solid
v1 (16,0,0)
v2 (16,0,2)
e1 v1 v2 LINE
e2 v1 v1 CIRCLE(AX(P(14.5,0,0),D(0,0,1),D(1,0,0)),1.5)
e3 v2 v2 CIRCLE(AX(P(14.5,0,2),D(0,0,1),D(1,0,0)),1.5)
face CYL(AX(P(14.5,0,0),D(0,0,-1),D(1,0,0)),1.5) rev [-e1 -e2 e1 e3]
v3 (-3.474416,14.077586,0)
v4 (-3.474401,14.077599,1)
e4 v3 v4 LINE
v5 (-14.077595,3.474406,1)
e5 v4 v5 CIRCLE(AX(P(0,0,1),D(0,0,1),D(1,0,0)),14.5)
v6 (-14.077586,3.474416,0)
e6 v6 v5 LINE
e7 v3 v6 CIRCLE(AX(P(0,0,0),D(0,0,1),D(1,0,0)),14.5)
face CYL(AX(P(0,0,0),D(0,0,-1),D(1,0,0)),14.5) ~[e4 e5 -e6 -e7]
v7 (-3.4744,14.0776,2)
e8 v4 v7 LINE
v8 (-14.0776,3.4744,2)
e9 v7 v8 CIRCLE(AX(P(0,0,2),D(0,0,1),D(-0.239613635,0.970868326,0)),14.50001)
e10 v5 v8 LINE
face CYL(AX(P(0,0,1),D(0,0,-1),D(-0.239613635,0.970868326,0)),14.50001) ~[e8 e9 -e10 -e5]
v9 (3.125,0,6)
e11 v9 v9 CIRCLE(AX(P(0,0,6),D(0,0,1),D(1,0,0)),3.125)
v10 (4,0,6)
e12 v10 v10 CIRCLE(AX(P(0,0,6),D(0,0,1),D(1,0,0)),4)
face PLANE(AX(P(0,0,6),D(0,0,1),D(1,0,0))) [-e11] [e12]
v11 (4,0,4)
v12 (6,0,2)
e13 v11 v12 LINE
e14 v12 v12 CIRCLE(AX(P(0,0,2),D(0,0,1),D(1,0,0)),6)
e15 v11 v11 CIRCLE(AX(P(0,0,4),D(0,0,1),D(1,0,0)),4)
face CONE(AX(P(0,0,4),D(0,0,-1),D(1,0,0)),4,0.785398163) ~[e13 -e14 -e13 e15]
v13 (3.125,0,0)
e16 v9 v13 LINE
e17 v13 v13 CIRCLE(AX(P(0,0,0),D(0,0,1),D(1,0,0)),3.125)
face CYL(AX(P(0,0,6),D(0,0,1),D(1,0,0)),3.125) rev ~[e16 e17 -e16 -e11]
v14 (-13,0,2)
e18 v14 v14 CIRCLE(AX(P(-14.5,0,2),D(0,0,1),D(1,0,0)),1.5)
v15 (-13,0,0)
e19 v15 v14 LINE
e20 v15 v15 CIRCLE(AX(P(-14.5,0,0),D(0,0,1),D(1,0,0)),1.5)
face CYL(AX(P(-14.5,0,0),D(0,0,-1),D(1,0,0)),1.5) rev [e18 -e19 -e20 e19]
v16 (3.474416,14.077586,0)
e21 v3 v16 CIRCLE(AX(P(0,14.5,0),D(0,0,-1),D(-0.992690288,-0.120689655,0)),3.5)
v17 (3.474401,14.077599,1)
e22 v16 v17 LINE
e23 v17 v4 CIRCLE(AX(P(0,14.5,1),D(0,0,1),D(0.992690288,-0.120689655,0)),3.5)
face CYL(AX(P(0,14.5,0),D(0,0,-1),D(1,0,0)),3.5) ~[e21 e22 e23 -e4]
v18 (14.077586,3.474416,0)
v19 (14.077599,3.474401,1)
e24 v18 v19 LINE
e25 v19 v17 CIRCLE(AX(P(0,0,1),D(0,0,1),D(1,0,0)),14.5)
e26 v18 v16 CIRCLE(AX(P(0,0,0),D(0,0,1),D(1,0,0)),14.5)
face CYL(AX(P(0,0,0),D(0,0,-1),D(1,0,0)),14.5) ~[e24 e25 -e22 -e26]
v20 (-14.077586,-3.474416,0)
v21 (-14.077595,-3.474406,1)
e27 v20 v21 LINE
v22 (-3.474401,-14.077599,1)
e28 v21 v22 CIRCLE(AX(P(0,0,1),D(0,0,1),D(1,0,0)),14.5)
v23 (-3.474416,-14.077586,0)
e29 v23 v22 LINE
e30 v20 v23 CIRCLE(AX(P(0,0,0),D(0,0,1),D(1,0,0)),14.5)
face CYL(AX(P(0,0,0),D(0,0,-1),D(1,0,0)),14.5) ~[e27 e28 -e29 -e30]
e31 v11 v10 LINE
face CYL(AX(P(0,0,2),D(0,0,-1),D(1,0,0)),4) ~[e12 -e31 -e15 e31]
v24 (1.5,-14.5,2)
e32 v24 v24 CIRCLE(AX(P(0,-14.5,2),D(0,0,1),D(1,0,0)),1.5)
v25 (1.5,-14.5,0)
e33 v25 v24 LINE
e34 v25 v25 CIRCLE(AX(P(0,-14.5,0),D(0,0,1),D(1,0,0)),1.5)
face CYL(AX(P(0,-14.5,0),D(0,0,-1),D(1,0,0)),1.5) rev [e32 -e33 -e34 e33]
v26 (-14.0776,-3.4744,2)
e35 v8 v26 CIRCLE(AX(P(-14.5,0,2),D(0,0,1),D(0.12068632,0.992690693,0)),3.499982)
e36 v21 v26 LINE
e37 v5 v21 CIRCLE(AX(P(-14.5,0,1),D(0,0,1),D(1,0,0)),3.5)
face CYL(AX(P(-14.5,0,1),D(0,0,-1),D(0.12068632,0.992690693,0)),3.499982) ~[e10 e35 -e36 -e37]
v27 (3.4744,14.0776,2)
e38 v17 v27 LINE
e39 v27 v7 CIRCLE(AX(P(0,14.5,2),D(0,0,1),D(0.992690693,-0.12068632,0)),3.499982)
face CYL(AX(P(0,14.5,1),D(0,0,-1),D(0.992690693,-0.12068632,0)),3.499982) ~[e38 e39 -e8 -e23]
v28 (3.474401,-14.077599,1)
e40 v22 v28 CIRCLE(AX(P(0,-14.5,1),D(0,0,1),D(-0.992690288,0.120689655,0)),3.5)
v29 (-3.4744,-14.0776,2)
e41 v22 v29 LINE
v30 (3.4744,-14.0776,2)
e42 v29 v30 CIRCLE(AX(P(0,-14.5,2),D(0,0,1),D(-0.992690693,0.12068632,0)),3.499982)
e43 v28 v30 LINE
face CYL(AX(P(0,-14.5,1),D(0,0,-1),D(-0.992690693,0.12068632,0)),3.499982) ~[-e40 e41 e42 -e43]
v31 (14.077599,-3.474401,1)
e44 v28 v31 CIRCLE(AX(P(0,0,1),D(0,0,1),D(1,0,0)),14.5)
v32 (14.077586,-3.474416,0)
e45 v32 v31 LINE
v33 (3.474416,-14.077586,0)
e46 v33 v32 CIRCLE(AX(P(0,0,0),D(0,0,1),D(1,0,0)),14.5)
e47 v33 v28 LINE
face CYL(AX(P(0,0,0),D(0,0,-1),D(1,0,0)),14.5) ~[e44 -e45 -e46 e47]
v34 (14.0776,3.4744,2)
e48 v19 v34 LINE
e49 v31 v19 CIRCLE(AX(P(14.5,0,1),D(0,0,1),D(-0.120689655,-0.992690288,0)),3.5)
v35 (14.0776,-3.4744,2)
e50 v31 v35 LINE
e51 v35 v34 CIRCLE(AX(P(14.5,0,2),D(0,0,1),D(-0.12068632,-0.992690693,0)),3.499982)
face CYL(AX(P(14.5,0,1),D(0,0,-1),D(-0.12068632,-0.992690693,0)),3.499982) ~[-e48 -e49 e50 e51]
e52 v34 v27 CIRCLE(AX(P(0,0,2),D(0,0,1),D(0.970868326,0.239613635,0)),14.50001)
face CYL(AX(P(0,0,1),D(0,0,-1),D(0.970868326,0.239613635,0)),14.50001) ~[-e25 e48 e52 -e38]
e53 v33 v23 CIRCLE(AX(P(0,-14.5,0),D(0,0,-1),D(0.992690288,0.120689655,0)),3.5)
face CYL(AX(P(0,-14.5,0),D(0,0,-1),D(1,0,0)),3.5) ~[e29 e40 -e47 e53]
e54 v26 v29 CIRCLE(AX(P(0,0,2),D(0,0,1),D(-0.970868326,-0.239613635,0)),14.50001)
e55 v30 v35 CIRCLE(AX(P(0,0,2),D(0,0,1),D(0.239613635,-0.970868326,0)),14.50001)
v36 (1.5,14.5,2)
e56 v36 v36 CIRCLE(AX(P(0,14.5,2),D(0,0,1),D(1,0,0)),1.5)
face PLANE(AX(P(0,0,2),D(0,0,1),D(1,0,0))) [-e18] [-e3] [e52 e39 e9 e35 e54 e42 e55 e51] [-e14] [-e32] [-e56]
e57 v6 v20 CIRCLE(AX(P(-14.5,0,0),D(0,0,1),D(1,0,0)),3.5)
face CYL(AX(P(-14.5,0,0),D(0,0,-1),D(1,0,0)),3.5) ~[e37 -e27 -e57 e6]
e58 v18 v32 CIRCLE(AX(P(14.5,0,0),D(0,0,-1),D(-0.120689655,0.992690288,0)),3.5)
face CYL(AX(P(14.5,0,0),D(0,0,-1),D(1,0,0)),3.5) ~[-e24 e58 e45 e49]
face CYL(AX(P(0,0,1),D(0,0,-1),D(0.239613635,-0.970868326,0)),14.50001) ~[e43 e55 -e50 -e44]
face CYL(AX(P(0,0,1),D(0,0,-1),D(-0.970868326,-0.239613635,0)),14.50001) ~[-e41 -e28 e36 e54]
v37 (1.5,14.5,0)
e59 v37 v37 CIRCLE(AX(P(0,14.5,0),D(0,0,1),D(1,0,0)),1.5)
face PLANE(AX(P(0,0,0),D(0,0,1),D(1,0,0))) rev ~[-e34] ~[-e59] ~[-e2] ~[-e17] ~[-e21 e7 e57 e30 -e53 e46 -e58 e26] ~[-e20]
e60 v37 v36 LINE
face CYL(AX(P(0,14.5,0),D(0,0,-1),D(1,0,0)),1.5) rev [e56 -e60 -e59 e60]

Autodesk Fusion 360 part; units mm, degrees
sketch "Sketch1" plane through (0, 0, 0) normal (0, 0, 1) x (1, 0, 0)
  circle A0 centre (0, 0) radius 11
  circle A1 centre (0, 0) radius 12.5
  circle A2 centre (0, 0) radius 14.5
  line L0 (0, 0) -> (0, 14.5)
  line L1 (0, 0) -> (14.5, 0)
  line L2 (0, 0) -> (-14.5, 0)
  line L3 (0, 0) -> (0, -14.5)
  circle A3 centre (0, 14.5) radius 3.5
  circle A4 centre (14.5, 0) radius 3.5
  circle A5 centre (0, -14.5) radius 3.5
  circle A6 centre (-14.5, 0) radius 3.5
  circle A7 centre (-14.5, 0) radius 1.5
  circle A8 centre (0, 14.5) radius 1.5
  circle A9 centre (14.5, 0) radius 1.5
  circle A10 centre (0, -14.5) radius 1.5
  dimension "d1" = 22
  dimension "d2" = 25
  dimension "d3" = 29
  dimension "d4" = 7
  dimension "d5" = 3
  dimension "d6" = 3
  dimension "d7" = 3
  dimension "d8" = 3
extrude "Extrude1" add sketch "Sketch1" along normal blind 1 contours A0 A1 A4 A5 | A1 L1 A4 | A0 A1 A3 A4 | A1 L1 A4 | A1 L0 A3 | A0 A1 A3 A6 | A1 L0 A3 | A0 A1 A5 A6 | A1 L3 A5 | A1 L3 A5 | A1 A2 L1 A4 A9 | A1 A2 L1 A4 A9 | A1 A2 A3 A4 | A1 A2 A4 A5 | A1 L2 A6 | A1 L2 A6 | A1 A2 L0 A3 A8 | A1 A2 L0 A3 A8 | A1 A2 A3 A6 | A1 A2 L3 A5 A10 | A1 A2 L3 A5 A10 | A1 A2 A5 A6 | A2 A4 A9 | A1 A2 L2 A6 A7 | A1 A2 L2 A6 A7 | A2 A3 A8 | A2 A5 A10 | A2 A6 A7
sketch "Sketch2" plane through (0, 0, 1) normal (0, 0, 1) x (1, 0, 0)
  circle A0 centre (0, -14.5) radius 1.5
  circle A1 centre (14.5, 0) radius 1.5
  circle A2 centre (-14.5, 0) radius 1.5
  circle A3 centre (0, 14.5) radius 1.5
  circle A4 centre (0, 0) radius 11
  arc A5 (-3.4744, 14.0776) -> (-14.0776, 3.4744) centre (0, 0) ccw
  arc A6 (-14.0776, 3.4744) -> (-14.0776, -3.4744) centre (-14.5, 0) ccw
  arc A7 (-14.0776, -3.4744) -> (-3.4744, -14.0776) centre (0, 0) ccw
  arc A8 (-3.4744, -14.0776) -> (3.4744, -14.0776) centre (0, -14.5) ccw
  arc A9 (3.4744, -14.0776) -> (14.0776, -3.4744) centre (0, 0) ccw
  arc A10 (14.0776, -3.4744) -> (14.0776, 3.4744) centre (14.5, 0) ccw
  arc A11 (14.0776, 3.4744) -> (3.4744, 14.0776) centre (0, 0) ccw
  arc A12 (3.4744, 14.0776) -> (-3.4744, 14.0776) centre (0, 14.5) ccw
  circle A13 centre (0, 0) radius 11
  circle A14 centre (0, 0) radius 12.375
  circle A15 centre (0, 0) radius 14.5
  circle A16 centre (0, 14.5) radius 3.5
  circle A17 centre (14.5, 0) radius 3.5
  circle A18 centre (0, -14.5) radius 3.5
  circle A19 centre (-14.5, 0) radius 3.5
  dimension "d11" = 24.75
extrude "Extrude2" add sketch "Sketch2" along normal blind 1.25 contours A0 A8 A15 A18 | A0 A14 A15 A18 | A9 A14 A15 A17 A18 | A7 A14 A15 A18 A19 | A1 A10 A15 A17 | A1 A14 A15 A17 | A2 A6 A15 A19 | A2 A14 A15 A19 | A5 A14 A15 A16 A19 | A11 A14 A15 A16 A17 | A3 A12 A15 A16 | A3 A14 A15 A16
extrude "Extrude3" cut 1 faces at (-2.5265, -13.3305, 2.25) along direction (0, 0, -1) blind 1.25
sketch "Sketch3" plane through (0, 0, 1) normal (0, 0, 1) x (1, 0, 0)
  arc A0 (-3.4744, 14.0776) -> (-14.0776, 3.4744) centre (0, 0) ccw
  arc A1 (-14.0776, 3.4744) -> (-14.0776, -3.4744) centre (-14.5, 0) ccw
  arc A2 (-14.0776, -3.4744) -> (-3.4744, -14.0776) centre (0, 0) ccw
  arc A3 (-3.4744, -14.0776) -> (3.4744, -14.0776) centre (0, -14.5) ccw
  arc A4 (3.4744, -14.0776) -> (14.0776, -3.4744) centre (0, 0) ccw
  arc A5 (14.0776, -3.4744) -> (14.0776, 3.4744) centre (14.5, 0) ccw
  arc A6 (14.0776, 3.4744) -> (3.4744, 14.0776) centre (0, 0) ccw
  arc A7 (3.4744, 14.0776) -> (-3.4744, 14.0776) centre (0, 14.5) ccw
  circle A8 centre (0, 14.5) radius 1.5
  circle A9 centre (14.5, 0) radius 1.5
  circle A10 centre (-14.5, 0) radius 1.5
  circle A11 centre (0, -14.5) radius 1.5
  circle A12 centre (0, 0) radius 11
  circle A13 centre (0, 0) radius 3.05
  dimension "d16" = 6.1
extrude "Extrude4" add sketch "Sketch3" along normal blind 2 contours A0 A1 A2 A3 A4 A5 A6 A7 | A12
sketch "Sketch4" plane through (0, 0, 3) normal (0, 0, 1) x (1, 0, 0)
  circle A0 centre (-14.5, 0) radius 1.5
  circle A1 centre (0, 14.5) radius 1.5
  circle A2 centre (0, 0) radius 3.05
  circle A3 centre (0, -14.5) radius 1.5
  circle A4 centre (14.5, 0) radius 1.5
  arc A5 (3.4744, 14.0776) -> (-3.4744, 14.0776) centre (0, 14.5) ccw
  arc A6 (-3.4744, 14.0776) -> (-14.0776, 3.4744) centre (0, 0) ccw
  arc A7 (-14.0776, 3.4744) -> (-14.0776, -3.4744) centre (-14.5, 0) ccw
  arc A8 (-14.0776, -3.4744) -> (-3.4744, -14.0776) centre (0, 0) ccw
  arc A9 (-3.4744, -14.0776) -> (3.4744, -14.0776) centre (0, -14.5) ccw
  arc A10 (3.4744, -14.0776) -> (14.0776, -3.4744) centre (0, 0) ccw
  arc A11 (14.0776, -3.4744) -> (14.0776, 3.4744) centre (14.5, 0) ccw
  arc A12 (14.0776, 3.4744) -> (3.4744, 14.0776) centre (0, 0) ccw
  circle A13 centre (0, 0) radius 1.5
  dimension "d19" = 3
extrude "Extrude5" cut sketch "Sketch4" against normal blind 1 contours A5 A6 A7 A8 A9 A10 A11 A12
sketch "Sketch5" plane through (0, 0, 2) normal (0, 0, 1) x (1, 0, 0)
  circle A0 centre (0, -14.5) radius 1.5
  circle A1 centre (0, 0) radius 3.05
  circle A2 centre (14.5, 0) radius 1.5
  circle A3 centre (0, 14.5) radius 1.5
  circle A4 centre (-14.5, 0) radius 1.5
  arc A5 (14.0776, 3.4744) -> (3.4744, 14.0776) centre (0, 0) ccw
  arc A6 (3.4744, 14.0776) -> (-3.4744, 14.0776) centre (0, 14.5) ccw
  arc A7 (-3.4744, 14.0776) -> (-14.0776, 3.4744) centre (0, 0) ccw
  arc A8 (-14.0776, 3.4744) -> (-14.0776, -3.4744) centre (-14.5, 0) ccw
  arc A9 (-14.0776, -3.4744) -> (-3.4744, -14.0776) centre (0, 0) ccw
  arc A10 (-3.4744, -14.0776) -> (3.4744, -14.0776) centre (0, -14.5) ccw
  arc A11 (3.4744, -14.0776) -> (14.0776, -3.4744) centre (0, 0) ccw
  arc A12 (14.0776, -3.4744) -> (14.0776, 3.4744) centre (14.5, 0) ccw
  circle A13 centre (0, 0) radius 3.05
  circle A14 centre (0, 0) radius 4
  dimension "d22" = 8
extrude "Extrude6" add sketch "Sketch5" along normal blind 4 contours A14
chamfer "Chamfer1" distance 2 angle 45 1 edges at (-3.7293, 1.4465, 2)
extrude "Extrude7" add 1 faces at (8.2977, -0.698, 1) along direction (0, 0, -1) blind 1
sketch "Sketch7" plane through (0, 0, 6) normal (0, 0, 1) x (1, 0, 0)
  circle A0 centre (0, 0) radius 3.05
  circle A1 centre (0, 0) radius 4
  circle A2 centre (0, 0) radius 3.125
  dimension "d28" = 6.25
extrude "Extrude8" cut sketch "Sketch7" against normal blind 100 contours A2
